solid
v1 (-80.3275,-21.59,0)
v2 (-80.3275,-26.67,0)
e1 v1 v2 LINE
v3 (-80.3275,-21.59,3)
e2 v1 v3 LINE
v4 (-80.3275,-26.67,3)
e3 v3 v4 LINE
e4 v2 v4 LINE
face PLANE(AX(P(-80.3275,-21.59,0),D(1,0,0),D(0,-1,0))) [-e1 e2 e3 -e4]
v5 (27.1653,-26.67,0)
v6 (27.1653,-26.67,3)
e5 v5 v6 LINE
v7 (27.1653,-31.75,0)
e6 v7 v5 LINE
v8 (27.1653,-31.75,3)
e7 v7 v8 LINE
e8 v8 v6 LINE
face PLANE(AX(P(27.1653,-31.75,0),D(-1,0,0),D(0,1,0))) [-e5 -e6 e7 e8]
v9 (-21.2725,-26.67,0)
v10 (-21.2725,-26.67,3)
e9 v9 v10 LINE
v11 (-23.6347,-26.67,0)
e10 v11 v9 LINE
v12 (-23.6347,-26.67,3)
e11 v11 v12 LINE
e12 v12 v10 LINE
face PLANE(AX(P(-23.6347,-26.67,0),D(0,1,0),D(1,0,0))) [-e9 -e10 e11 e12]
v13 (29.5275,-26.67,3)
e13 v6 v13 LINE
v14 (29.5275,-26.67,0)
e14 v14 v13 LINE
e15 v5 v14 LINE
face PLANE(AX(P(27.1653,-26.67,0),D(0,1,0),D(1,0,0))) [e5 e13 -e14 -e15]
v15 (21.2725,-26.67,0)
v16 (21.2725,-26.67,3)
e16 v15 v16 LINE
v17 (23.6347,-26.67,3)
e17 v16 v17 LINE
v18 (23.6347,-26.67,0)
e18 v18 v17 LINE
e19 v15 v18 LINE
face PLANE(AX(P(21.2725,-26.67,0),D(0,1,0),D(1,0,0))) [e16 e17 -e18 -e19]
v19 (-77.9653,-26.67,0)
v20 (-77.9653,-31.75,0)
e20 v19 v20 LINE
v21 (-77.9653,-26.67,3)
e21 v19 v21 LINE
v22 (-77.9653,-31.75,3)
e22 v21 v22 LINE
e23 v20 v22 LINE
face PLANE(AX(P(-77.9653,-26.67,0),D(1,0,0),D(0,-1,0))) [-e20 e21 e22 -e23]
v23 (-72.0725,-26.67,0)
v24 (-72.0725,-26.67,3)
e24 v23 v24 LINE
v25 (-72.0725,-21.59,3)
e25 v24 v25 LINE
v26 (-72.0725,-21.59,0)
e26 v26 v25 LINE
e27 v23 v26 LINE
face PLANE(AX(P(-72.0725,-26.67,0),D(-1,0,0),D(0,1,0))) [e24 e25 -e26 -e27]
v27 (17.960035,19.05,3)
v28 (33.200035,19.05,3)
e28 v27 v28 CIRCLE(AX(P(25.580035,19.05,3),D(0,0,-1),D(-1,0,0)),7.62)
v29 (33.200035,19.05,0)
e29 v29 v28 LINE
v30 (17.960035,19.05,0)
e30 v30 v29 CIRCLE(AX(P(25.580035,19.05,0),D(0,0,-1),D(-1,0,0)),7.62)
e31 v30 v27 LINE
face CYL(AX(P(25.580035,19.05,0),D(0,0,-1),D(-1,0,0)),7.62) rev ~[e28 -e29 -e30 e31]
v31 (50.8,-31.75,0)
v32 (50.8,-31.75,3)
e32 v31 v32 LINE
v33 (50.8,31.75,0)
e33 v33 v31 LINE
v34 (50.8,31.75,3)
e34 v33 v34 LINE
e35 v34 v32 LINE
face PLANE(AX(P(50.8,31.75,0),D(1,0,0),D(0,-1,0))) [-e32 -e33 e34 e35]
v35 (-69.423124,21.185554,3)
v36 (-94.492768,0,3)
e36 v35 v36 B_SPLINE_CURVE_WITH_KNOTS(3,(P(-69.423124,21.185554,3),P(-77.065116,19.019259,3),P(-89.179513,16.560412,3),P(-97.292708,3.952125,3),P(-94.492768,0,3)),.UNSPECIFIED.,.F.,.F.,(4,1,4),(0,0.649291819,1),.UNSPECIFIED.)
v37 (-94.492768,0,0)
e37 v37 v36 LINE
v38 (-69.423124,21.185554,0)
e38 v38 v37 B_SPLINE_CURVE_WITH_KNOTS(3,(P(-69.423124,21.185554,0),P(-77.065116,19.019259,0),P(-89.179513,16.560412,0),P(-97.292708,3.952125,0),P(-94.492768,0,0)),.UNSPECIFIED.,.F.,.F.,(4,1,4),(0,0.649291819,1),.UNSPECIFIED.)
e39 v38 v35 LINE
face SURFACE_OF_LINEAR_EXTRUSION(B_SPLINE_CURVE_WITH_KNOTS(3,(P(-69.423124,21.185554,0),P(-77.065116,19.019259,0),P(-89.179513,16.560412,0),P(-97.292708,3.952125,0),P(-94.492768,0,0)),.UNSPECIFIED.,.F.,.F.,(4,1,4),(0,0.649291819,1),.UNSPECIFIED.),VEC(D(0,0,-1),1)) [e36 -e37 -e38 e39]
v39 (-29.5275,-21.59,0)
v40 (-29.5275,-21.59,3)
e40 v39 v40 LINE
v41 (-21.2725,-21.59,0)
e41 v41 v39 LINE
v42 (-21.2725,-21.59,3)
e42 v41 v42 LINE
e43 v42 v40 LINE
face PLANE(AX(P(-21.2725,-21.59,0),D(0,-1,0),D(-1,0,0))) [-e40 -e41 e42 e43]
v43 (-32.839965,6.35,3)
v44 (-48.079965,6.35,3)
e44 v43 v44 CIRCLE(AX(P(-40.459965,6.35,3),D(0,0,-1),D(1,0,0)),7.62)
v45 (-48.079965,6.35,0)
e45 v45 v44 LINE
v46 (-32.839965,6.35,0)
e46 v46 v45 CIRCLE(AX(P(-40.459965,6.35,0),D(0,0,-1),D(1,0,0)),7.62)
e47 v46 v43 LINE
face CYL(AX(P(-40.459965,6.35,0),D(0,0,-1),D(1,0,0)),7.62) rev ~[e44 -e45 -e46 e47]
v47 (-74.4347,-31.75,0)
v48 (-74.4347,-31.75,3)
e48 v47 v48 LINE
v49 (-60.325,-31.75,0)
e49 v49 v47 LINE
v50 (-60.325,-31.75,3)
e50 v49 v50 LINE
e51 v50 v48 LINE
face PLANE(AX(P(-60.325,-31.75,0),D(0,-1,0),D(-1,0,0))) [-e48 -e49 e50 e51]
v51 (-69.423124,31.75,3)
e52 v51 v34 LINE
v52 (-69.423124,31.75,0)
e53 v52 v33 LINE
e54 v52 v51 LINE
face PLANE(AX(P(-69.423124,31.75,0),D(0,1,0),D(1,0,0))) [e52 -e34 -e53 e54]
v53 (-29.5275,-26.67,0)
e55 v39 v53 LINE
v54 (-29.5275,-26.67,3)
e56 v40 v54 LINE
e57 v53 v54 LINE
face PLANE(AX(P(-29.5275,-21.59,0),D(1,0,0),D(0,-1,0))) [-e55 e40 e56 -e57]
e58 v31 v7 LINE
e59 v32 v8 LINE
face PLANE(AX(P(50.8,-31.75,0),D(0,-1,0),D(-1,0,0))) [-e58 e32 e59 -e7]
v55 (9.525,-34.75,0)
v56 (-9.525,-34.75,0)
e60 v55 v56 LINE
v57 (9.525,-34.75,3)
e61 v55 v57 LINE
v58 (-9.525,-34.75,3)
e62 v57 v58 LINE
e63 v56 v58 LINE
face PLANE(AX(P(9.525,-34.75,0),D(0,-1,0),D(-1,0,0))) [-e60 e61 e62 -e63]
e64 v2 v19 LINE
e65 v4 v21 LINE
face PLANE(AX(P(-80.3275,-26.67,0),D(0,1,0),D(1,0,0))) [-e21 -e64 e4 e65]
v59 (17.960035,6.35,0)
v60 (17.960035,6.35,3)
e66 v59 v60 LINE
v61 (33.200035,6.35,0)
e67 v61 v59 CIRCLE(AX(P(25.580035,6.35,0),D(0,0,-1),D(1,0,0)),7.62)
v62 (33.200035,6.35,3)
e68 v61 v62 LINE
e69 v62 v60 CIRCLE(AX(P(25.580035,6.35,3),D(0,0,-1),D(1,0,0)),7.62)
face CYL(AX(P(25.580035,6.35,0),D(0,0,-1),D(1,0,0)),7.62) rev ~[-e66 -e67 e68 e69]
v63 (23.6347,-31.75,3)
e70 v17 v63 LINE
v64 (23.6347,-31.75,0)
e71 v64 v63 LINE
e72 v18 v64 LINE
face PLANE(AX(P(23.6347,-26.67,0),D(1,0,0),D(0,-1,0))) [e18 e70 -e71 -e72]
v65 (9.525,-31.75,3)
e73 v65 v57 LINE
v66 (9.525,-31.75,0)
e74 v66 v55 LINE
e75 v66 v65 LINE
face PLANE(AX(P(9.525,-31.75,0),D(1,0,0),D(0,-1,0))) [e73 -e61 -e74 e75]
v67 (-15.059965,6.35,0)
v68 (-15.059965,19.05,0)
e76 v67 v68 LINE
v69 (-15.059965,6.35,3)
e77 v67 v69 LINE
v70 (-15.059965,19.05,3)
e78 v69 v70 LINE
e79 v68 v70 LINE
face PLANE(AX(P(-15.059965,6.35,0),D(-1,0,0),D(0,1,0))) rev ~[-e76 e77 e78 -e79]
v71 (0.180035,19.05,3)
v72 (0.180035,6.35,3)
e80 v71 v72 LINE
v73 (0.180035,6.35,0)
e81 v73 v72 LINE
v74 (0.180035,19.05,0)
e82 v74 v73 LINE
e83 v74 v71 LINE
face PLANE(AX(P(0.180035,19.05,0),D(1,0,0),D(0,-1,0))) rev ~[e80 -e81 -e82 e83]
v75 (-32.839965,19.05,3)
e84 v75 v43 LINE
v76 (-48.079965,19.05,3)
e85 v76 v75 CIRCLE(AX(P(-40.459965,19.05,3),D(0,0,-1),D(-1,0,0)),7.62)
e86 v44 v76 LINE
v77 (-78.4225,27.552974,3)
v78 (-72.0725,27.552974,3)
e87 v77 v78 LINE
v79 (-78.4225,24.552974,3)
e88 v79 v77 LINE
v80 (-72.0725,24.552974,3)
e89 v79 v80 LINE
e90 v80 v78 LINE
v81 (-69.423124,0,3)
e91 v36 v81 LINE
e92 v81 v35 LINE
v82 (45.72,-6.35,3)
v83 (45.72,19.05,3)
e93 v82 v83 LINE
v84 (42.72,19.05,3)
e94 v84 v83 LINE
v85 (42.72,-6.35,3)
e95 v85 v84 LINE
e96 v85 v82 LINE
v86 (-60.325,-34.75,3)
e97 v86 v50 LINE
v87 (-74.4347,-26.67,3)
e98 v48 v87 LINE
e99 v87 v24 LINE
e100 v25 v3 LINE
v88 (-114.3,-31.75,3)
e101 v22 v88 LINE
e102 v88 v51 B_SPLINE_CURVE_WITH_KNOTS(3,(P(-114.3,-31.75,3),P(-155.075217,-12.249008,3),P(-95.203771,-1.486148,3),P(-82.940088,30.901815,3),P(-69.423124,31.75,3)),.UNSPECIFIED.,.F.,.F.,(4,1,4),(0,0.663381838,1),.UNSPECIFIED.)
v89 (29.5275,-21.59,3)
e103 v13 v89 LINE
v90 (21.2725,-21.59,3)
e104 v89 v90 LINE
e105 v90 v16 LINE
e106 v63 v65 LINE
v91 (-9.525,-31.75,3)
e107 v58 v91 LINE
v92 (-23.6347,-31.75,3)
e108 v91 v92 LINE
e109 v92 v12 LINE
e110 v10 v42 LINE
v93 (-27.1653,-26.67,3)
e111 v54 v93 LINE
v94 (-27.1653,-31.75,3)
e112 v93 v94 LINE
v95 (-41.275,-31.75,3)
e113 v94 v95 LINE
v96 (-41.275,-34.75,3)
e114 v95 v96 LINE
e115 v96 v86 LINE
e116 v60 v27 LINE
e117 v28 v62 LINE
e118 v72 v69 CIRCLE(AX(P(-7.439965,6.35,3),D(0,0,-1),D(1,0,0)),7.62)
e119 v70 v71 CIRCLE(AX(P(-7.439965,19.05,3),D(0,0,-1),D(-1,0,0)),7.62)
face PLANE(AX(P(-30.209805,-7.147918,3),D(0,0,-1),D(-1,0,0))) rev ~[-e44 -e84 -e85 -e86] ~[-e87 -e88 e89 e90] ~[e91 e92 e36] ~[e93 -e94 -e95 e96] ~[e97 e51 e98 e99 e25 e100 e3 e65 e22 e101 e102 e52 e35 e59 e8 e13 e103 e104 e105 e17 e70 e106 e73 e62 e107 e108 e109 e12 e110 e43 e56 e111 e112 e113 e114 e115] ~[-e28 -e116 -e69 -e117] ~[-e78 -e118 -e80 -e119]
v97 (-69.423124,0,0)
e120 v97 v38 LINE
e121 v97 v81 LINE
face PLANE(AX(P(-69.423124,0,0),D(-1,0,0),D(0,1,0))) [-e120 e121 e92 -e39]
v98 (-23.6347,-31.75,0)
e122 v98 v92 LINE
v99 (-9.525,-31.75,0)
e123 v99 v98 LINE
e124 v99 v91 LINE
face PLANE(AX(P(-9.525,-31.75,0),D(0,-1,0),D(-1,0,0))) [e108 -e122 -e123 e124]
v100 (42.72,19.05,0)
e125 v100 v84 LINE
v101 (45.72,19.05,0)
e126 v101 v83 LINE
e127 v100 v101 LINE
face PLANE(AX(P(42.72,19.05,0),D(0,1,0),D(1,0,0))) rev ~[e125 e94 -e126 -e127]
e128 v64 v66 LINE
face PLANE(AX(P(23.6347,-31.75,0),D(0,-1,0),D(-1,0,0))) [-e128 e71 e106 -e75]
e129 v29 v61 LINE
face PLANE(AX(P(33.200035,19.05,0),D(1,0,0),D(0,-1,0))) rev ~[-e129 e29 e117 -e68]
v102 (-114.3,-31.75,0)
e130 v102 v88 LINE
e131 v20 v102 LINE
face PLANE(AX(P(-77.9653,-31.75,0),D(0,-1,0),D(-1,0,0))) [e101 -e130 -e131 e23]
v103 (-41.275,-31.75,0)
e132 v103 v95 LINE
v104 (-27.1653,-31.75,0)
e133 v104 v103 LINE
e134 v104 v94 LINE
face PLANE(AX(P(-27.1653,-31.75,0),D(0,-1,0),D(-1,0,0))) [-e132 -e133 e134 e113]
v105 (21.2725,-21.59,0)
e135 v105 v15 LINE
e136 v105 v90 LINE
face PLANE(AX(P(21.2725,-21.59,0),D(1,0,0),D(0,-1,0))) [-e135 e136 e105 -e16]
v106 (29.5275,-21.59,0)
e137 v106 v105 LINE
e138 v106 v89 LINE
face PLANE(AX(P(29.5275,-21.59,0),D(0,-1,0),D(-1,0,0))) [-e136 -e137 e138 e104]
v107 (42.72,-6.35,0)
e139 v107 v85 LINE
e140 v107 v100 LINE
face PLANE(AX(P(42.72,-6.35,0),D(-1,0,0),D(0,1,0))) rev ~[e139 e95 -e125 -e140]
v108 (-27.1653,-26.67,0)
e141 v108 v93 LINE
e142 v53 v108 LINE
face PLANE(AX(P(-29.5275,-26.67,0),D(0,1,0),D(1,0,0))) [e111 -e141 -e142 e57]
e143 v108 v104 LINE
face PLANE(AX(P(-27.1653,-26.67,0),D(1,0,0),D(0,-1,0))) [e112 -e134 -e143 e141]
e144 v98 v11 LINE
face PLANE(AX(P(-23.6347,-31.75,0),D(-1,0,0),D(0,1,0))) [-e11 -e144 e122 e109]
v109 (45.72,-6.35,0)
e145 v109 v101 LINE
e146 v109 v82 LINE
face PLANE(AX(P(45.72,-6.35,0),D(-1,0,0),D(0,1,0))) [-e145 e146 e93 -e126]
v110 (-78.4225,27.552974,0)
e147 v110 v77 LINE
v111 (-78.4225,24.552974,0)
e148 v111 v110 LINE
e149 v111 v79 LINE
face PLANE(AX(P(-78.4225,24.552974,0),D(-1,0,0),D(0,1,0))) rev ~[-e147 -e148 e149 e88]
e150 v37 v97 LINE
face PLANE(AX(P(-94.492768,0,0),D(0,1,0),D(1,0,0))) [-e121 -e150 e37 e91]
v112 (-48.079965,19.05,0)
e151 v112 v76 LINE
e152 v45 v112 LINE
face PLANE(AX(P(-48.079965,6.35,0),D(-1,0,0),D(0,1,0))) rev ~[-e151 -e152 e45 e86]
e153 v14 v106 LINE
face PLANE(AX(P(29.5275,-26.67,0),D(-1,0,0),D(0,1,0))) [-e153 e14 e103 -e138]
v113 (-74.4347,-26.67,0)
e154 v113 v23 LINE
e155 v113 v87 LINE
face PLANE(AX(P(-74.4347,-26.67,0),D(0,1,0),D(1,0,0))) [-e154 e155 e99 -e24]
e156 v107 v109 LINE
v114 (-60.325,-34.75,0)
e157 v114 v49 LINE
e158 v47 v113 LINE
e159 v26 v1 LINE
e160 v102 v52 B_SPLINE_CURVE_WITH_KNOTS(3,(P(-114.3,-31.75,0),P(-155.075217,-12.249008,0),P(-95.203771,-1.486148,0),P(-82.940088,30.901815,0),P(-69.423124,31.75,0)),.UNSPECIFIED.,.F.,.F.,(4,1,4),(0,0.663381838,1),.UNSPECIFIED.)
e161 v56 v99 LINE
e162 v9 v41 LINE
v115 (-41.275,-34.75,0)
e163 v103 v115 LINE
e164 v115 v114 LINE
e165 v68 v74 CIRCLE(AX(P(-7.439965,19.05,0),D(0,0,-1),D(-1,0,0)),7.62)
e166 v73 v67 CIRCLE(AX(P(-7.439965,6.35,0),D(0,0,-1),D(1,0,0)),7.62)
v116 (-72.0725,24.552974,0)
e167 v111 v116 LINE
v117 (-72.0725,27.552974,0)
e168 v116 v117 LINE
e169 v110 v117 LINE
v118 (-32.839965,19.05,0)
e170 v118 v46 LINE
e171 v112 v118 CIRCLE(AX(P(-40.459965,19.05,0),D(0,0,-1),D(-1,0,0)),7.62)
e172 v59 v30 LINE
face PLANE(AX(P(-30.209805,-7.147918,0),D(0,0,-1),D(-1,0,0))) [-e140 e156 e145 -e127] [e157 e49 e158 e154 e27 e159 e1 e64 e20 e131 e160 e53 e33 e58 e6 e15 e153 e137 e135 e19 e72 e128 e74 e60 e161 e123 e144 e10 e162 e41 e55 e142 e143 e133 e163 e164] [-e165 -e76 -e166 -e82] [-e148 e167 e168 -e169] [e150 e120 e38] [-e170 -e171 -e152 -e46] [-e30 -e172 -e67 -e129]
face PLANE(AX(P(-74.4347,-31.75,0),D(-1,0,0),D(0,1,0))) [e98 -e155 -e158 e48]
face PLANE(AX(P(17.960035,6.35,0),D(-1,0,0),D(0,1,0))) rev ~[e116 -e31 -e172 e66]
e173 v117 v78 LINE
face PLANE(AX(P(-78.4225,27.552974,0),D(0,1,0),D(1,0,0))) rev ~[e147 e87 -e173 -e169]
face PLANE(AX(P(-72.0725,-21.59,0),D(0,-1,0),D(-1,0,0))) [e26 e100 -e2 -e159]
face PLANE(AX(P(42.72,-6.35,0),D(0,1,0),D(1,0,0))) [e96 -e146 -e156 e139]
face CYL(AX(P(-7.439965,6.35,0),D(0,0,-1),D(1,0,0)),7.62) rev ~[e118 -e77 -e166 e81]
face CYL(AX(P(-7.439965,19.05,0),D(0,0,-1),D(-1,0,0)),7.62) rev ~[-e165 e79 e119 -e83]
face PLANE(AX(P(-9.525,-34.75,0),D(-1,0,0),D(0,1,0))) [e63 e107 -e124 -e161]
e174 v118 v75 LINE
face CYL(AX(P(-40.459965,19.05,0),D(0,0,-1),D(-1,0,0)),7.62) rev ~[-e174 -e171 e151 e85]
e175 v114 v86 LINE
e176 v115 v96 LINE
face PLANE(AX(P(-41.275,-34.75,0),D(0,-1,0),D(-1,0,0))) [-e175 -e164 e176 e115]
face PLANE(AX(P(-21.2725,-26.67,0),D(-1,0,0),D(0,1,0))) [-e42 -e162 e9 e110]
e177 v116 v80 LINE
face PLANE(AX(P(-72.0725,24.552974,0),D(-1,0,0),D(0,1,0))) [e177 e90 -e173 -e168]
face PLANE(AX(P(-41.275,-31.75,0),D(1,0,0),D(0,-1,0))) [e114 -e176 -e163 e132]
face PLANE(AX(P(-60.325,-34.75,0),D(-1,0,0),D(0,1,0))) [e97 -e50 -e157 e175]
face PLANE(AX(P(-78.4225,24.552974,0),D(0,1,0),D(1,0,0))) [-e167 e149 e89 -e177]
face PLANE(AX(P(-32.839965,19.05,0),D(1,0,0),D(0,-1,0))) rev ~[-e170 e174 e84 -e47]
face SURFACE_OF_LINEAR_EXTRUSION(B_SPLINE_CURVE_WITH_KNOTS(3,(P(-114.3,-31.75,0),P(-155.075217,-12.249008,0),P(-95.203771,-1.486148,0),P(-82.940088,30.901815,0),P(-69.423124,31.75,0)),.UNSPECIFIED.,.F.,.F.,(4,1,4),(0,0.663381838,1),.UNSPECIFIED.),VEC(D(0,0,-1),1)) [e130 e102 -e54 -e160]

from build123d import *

# Parameters (mm, degrees)
SKETCH1_W           = 3
SKETCH1_H           = 25.4
SKETCH1_W_2         = 6.35
SKETCH1_H_2         = 3
BOSS_EXTRUDE1_DEPTH = 3


with BuildPart() as part:
    # Sketch1 → Boss-Extrude1 (new body)
    with BuildSketch(Plane.XY):
        with BuildLine():
            Line((-69.423123959, 31.75), (50.8, 31.75))
            Line((50.8, 31.75), (50.8, -31.75))
            Line((50.8, -31.75), (27.1653, -31.75))
            Line((27.1653, -31.75), (27.1653, -26.67))
            Line((27.1653, -26.67), (29.5275, -26.67))
            Line((29.5275, -26.67), (29.5275, -21.59))
            Line((29.5275, -21.59), (21.2725, -21.59))
            Line((21.2725, -21.59), (21.2725, -26.67))
            Line((21.2725, -26.67), (23.6347, -26.67))
            Line((23.6347, -26.67), (23.6347, -31.75))
            Line((23.6347, -31.75), (9.525, -31.75))
            Line((9.525, -31.75), (9.525, -34.75))
            Line((9.525, -34.75), (-9.525, -34.75))
            Line((-9.525, -34.75), (-9.525, -31.75))
            Line((-9.525, -31.75), (-23.6347, -31.75))
            Line((-23.6347, -31.75), (-23.6347, -26.67))
            Line((-23.6347, -26.67), (-21.2725, -26.67))
            Line((-21.2725, -26.67), (-21.2725, -21.59))
            Line((-21.2725, -21.59), (-29.5275, -21.59))
            Line((-29.5275, -21.59), (-29.5275, -26.67))
            Line((-29.5275, -26.67), (-27.1653, -26.67))
            Line((-27.1653, -26.67), (-27.1653, -31.75))
            Line((-27.1653, -31.75), (-41.275, -31.75))
            Line((-41.275, -31.75), (-41.275, -34.75))
            Line((-41.275, -34.75), (-60.325, -34.75))
            Line((-60.325, -34.75), (-60.325, -31.75))
            Line((-60.325, -31.75), (-74.4347, -31.75))
            Line((-74.4347, -31.75), (-74.4347, -26.67))
            Line((-74.4347, -26.67), (-72.0725, -26.67))
            Line((-72.0725, -26.67), (-72.0725, -21.59))
            Line((-72.0725, -21.59), (-80.3275, -21.59))
            Line((-80.3275, -21.59), (-80.3275, -26.67))
            Line((-80.3275, -26.67), (-77.9653, -26.67))
            Line((-77.9653, -26.67), (-77.9653, -31.75))
            Line((-77.9653, -31.75), (-114.3, -31.75))
            add(Edge.make_bspline(
                [(-114.3, -31.75), (-155.075216818, -12.249007941), (-95.203771035, -1.48614813), (-82.940088204, 30.901814597), (-69.423123959, 31.75)],
                knots=[0, 0, 0, 0, 0.663381838, 1, 1, 1, 1], degree=3))
        make_face()
        with BuildLine():
            Line((33.200035124, 19.05), (33.200035124, 6.35))
            ThreePointArc((33.200035124, 6.35), (25.580035124, -1.27), (17.960035124, 6.35))
            Line((17.960035124, 6.35), (17.960035124, 19.05))
            ThreePointArc((17.960035124, 19.05), (25.580035124, 26.67), (33.200035124, 19.05))
        make_face(mode=Mode.SUBTRACT)
        with BuildLine():
            Line((-69.423123959, 0), (-69.423123959, 21.185554356))
            add(Edge.make_bspline(
                [(-69.423123959, 21.185554356), (-77.065116074, 19.019259029), (-89.179513015, 16.560411812), (-97.292708494, 3.952124557), (-94.492767951, 0)],
                knots=[0, 0, 0, 0, 0.649291819, 1, 1, 1, 1], degree=3))
            Line((-94.492767951, 0), (-69.423123959, 0))
        make_face(mode=Mode.SUBTRACT)
        with BuildLine():
            Line((0.180035124, 19.05), (0.180035124, 6.35))
            ThreePointArc((0.180035124, 6.35), (-7.439964876, -1.27), (-15.059964876, 6.35))
            Line((-15.059964876, 6.35), (-15.059964876, 19.05))
            ThreePointArc((-15.059964876, 19.05), (-7.439964876, 26.67), (0.180035124, 19.05))
        make_face(mode=Mode.SUBTRACT)
        with BuildLine():
            Line((-32.839964876, 19.05), (-32.839964876, 6.35))
            ThreePointArc((-32.839964876, 6.35), (-40.459964876, -1.27), (-48.079964876, 6.35))
            Line((-48.079964876, 6.35), (-48.079964876, 19.05))
            ThreePointArc((-48.079964876, 19.05), (-40.459964876, 26.67), (-32.839964876, 19.05))
        make_face(mode=Mode.SUBTRACT)
        with Locations((44.22, 6.35)):
            Rectangle(SKETCH1_W, SKETCH1_H, mode=Mode.SUBTRACT)
        with Locations((-75.2475, 26.052973764)):
            Rectangle(SKETCH1_W_2, SKETCH1_H_2, mode=Mode.SUBTRACT)
    extrude(amount=BOSS_EXTRUDE1_DEPTH)


solid = part.part
